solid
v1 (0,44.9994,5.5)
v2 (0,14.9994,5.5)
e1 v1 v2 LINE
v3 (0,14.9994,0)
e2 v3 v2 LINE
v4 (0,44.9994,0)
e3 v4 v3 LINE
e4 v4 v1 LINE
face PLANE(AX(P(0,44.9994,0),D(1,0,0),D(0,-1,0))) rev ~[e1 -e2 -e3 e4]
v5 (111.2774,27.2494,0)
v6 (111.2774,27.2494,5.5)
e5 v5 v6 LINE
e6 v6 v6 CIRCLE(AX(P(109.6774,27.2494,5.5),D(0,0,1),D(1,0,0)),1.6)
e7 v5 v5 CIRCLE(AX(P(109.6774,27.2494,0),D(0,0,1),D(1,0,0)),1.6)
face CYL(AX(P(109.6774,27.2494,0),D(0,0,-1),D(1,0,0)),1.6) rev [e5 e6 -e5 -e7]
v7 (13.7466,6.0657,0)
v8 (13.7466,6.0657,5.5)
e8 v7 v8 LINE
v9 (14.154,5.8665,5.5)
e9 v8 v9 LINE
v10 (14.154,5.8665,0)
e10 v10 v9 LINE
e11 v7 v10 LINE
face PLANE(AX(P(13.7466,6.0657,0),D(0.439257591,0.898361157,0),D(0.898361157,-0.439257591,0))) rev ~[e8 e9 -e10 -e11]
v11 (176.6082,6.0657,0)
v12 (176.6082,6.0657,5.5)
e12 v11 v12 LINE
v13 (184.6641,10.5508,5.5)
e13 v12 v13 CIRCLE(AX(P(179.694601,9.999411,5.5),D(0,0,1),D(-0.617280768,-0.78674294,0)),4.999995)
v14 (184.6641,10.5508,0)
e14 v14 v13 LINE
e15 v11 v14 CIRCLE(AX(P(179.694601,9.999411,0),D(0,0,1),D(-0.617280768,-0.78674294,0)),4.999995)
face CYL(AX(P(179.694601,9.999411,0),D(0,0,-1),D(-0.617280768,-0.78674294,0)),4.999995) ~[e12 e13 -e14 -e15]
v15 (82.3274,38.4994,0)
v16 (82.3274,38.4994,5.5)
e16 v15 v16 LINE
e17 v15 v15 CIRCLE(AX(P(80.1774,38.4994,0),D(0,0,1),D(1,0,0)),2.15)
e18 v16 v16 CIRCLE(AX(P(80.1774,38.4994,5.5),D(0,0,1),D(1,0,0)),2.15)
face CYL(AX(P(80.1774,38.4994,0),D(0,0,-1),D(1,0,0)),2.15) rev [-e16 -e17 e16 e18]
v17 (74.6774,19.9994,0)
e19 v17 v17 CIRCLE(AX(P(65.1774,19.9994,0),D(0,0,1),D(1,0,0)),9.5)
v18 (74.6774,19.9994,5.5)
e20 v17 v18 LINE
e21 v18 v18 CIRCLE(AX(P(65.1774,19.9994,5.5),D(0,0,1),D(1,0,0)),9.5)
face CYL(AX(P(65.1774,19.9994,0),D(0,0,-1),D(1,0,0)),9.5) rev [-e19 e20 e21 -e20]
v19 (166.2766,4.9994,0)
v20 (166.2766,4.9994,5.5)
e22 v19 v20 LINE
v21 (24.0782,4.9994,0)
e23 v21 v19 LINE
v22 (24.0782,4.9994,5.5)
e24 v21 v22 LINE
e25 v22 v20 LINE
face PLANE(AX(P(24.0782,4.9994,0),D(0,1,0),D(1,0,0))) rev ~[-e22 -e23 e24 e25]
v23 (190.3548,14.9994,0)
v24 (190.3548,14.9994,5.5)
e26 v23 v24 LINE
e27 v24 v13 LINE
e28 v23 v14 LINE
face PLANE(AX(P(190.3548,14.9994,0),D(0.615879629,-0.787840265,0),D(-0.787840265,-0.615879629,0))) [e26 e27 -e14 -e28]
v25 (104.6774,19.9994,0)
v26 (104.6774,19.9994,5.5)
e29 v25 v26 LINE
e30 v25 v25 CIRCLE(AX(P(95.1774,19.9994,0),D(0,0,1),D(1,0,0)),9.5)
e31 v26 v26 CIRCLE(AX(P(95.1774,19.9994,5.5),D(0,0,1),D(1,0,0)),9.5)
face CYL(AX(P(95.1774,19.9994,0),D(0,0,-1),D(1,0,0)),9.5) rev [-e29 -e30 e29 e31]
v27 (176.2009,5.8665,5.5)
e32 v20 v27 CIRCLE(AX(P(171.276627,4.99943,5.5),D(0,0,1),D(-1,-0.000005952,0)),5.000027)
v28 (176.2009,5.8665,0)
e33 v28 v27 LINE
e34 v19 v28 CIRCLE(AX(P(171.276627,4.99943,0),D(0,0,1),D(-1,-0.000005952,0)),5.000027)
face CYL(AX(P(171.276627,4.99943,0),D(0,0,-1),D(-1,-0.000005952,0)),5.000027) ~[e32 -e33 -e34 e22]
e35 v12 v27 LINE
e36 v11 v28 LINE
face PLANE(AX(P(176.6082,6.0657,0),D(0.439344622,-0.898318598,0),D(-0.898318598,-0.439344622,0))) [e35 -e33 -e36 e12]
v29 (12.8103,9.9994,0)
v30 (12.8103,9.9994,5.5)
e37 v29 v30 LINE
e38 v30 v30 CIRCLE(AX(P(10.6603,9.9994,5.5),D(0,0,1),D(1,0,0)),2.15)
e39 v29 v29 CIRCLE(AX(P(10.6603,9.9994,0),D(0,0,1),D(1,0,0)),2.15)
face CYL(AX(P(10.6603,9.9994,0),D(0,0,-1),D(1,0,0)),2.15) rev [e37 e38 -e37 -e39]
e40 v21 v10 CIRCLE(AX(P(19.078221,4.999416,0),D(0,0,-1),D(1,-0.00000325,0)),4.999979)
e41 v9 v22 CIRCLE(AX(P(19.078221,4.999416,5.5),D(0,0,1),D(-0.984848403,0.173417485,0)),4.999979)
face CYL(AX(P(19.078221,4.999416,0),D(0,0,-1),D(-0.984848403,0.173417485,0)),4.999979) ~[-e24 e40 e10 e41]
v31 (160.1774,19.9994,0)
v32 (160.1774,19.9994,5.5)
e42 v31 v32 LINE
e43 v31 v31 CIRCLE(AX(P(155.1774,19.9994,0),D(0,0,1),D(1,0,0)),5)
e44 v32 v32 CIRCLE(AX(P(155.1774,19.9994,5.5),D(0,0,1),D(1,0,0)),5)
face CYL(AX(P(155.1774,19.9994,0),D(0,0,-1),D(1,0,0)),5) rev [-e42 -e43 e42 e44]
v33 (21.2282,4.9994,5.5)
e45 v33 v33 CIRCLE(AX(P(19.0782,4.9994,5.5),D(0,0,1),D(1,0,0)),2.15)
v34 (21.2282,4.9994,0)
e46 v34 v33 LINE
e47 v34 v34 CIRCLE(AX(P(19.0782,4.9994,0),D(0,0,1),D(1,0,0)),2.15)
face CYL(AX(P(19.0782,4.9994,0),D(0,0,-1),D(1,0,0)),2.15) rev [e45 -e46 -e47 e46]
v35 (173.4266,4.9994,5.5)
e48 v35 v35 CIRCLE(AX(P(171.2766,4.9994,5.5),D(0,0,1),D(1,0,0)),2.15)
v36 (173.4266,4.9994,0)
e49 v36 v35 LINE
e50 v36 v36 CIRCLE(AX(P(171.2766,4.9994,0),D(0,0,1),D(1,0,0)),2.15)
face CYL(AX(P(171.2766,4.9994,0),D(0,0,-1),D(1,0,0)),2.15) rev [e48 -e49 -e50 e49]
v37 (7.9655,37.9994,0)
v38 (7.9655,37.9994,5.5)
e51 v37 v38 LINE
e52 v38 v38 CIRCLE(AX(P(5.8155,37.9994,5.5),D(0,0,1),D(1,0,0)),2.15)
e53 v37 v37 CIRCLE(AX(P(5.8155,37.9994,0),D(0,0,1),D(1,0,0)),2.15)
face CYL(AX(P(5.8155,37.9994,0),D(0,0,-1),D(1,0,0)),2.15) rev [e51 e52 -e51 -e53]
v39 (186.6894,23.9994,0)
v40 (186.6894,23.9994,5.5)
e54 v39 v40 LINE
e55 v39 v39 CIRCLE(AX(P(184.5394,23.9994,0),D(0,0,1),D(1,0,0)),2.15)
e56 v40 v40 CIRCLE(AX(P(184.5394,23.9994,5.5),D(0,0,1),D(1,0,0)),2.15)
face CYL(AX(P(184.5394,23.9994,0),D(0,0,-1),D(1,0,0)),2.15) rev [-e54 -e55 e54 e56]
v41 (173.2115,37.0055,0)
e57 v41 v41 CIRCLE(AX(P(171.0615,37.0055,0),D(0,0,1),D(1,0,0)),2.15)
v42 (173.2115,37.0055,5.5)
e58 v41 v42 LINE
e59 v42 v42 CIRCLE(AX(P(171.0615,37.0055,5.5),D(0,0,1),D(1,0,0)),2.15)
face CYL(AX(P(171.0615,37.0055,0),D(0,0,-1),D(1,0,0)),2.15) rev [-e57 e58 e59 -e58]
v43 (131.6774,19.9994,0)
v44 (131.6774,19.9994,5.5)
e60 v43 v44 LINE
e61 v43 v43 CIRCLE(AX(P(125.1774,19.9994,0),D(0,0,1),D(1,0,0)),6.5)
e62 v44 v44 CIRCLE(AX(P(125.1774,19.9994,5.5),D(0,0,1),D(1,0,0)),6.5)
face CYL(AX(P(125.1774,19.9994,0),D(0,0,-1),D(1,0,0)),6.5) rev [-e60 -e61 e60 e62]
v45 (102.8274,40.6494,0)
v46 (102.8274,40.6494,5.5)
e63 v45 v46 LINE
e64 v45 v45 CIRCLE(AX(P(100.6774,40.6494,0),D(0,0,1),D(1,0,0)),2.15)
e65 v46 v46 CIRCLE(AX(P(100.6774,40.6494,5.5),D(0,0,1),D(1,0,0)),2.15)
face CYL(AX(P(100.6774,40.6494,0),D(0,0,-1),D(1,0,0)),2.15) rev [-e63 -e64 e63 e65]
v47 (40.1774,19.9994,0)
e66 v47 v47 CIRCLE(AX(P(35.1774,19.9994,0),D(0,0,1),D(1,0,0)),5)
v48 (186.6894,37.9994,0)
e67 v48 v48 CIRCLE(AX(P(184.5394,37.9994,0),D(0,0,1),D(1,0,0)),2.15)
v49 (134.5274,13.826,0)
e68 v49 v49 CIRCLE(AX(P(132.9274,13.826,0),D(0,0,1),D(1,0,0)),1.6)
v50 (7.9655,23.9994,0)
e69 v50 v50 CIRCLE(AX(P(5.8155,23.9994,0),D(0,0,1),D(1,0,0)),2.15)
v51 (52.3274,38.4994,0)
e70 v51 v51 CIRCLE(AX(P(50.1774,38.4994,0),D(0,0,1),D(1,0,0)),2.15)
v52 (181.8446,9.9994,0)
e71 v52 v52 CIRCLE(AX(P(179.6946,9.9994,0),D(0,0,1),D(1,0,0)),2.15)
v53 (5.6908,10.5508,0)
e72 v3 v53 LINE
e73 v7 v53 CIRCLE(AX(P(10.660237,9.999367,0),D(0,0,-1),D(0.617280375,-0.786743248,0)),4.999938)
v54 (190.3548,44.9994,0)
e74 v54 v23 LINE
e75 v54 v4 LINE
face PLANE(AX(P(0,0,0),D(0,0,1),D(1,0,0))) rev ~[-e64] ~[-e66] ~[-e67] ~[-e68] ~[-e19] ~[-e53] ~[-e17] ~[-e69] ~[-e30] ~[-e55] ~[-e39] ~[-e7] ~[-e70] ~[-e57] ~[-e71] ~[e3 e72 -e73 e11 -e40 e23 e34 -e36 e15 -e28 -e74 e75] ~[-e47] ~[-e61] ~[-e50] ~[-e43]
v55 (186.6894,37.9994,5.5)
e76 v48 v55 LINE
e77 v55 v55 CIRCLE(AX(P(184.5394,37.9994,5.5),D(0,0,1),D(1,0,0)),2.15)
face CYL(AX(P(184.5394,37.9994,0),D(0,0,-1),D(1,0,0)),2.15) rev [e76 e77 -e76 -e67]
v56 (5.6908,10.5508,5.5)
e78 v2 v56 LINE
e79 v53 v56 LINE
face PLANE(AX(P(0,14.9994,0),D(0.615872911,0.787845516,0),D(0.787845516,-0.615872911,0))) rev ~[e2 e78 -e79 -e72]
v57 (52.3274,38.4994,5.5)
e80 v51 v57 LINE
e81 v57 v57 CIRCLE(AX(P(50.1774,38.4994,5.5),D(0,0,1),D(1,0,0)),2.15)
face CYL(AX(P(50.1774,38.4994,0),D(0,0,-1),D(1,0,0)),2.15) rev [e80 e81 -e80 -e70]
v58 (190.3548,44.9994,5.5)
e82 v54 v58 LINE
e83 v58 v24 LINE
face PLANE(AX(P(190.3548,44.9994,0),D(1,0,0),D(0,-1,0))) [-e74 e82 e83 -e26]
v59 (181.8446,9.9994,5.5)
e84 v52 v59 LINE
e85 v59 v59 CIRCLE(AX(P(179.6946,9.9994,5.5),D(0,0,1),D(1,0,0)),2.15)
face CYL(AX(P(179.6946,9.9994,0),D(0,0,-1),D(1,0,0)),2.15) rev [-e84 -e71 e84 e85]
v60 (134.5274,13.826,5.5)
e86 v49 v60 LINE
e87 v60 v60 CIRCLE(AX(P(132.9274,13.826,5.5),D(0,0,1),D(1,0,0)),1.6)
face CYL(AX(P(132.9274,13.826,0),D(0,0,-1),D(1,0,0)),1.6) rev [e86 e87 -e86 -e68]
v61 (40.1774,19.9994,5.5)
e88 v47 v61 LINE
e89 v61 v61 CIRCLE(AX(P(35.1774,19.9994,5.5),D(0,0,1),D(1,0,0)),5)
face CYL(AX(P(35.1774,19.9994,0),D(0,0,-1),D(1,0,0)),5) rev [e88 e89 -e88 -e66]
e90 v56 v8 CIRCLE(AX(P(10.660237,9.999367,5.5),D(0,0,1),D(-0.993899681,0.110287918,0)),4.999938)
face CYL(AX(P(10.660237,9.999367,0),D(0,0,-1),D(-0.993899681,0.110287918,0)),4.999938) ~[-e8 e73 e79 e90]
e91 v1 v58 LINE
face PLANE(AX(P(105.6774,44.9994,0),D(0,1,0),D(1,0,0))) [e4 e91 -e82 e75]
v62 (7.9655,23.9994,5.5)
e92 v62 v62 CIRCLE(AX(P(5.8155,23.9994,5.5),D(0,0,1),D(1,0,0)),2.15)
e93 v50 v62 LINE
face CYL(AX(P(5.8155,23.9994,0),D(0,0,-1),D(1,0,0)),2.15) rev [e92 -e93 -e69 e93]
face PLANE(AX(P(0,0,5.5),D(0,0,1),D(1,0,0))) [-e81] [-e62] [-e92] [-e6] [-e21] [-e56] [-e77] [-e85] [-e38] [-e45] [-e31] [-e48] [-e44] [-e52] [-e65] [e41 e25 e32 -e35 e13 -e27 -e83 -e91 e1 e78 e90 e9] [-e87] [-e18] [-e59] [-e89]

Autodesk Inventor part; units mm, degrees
ref_plane "YZ Plane" through (0, 0, 0) normal (1, 0, 0) x (0, 1, 0)
ref_plane "XZ Plane" through (0, 0, 0) normal (0, 1, 0) x (-1, 0, 0)
ref_plane "XY Plane" through (0, 0, 0) normal (0, 0, 1) x (1, 0, 0)
sketch "スケッチ1" plane through (0, 0, 0) normal (0, 0, 1) x (1, 0, 0)
  circle A0 centre (10.6603, 9.9994) radius 2.15
  circle A1 centre (179.6946, 9.9994) radius 2.15
  circle A2 centre (100.6774, 40.6494) radius 2.15
  circle A3 centre (80.1774, 38.4994) radius 2.15
  circle A4 centre (50.1774, 38.4994) radius 2.15
  circle A5 centre (19.0782, 4.9994) radius 2.15
  circle A6 centre (171.2766, 4.9994) radius 2.15
  circle A7 centre (171.0615, 37.0055) radius 2.15
  circle A8 centre (5.8155, 23.9994) radius 2.15
  circle A9 centre (5.8155, 37.9994) radius 2.15
  circle A10 centre (184.5394, 23.9994) radius 2.15
  circle A11 centre (184.5394, 37.9994) radius 2.15
  circle A12 centre (155.1774, 19.9994) radius 5
  circle A13 centre (95.1774, 19.9994) radius 9.5
  circle A14 centre (65.1774, 19.9994) radius 9.5
  circle A15 centre (35.1774, 19.9994) radius 5
  circle A16 centre (132.9274, 13.826) radius 1.6
  circle A17 centre (109.6774, 27.2494) radius 1.6
  line L0 (105.6774, 48.2494) -> (144.6774, 48.2494)
  line L1 (144.6774, 48.2494) -> (144.6774, 27.2494)
  arc A18 (105.6774, 27.2494) -> (144.6774, 27.2494) centre (125.1774, 27.2494) ccw
  line L2 (105.6774, 27.2494) -> (105.6774, 48.2494)
  circle A19 centre (125.1774, 19.9994) radius 6.5
  line L3 (0, 44.9994) -> (0, 14.9994)
  line L4 (0, 14.9994) -> (5.6908, 10.5508)
  arc A20 (5.6908, 10.5508) -> (13.7466, 6.0657) centre (10.6603, 9.9994) ccw
  line L5 (13.7466, 6.0657) -> (14.154, 5.8665)
  arc A21 (14.154, 5.8665) -> (24.0782, 4.9994) centre (19.0782, 4.9994) ccw
  line L6 (190.3548, 44.9994) -> (190.3548, 14.9994)
  line L7 (190.3548, 14.9994) -> (184.6641, 10.5508)
  arc A22 (176.6082, 6.0657) -> (184.6641, 10.5508) centre (179.6946, 9.9994) ccw
  line L8 (176.6082, 6.0657) -> (176.2009, 5.8665)
  arc A23 (166.2766, 4.9994) -> (176.2009, 5.8665) centre (171.2766, 4.9994) ccw
  line L9 (24.0782, 4.9994) -> (166.2766, 4.9994)
  line L10 (0, 44.9994) -> (190.3548, 44.9994)
  line L11 (0, 44.9994) -> (190.3548, 44.9994)
  line L12 (190.3548, 44.9994) -> (190.3548, 14.9994)
  line L13 (0, 44.9994) -> (0, 14.9994)
  line L14 (5.6908, 10.5508) -> (0, 14.9994)
  line L15 (24.0782, 4.9994) -> (166.2766, 4.9994)
  line L16 (184.6641, 10.5508) -> (190.3548, 14.9994)
  arc A24 (8.228, 5.6308) -> (13.7466, 6.0657) centre (10.6603, 9.9994) ccw
  line L17 (13.7466, 6.0657) -> (14.154, 5.8665)
  arc A25 (166.2766, 4.9994) -> (176.2009, 5.8665) centre (171.2766, 4.9994) ccw
  arc A26 (176.6082, 6.0657) -> (184.6641, 10.5508) centre (179.6946, 9.9994) ccw
  line L18 (176.6082, 6.0657) -> (176.2009, 5.8665)
  arc A27 (16.5868, 0.6644) -> (24.0782, 4.9994) centre (19.0782, 4.9994) ccw
  circle A28 centre (5.8155, 37.9994) radius 2.15
  circle A29 centre (5.8155, 23.9994) radius 2.15
  circle A30 centre (10.6603, 9.9994) radius 2.15
  circle A31 centre (19.0782, 4.9994) radius 2.15
  circle A32 centre (50.1774, 38.4994) radius 2.15
  circle A33 centre (80.1774, 38.4994) radius 2.15
  circle A34 centre (100.6774, 40.6494) radius 2.15
  circle A35 centre (171.0615, 37.0055) radius 2.15
  circle A36 centre (184.5394, 37.9994) radius 2.15
  circle A37 centre (184.5394, 23.9994) radius 2.15
  circle A38 centre (179.6946, 9.9994) radius 2.15
  circle A39 centre (171.2766, 4.9994) radius 2.15
  circle A40 centre (109.6774, 27.2494) radius 1.6
  circle A41 centre (132.9274, 13.826) radius 1.6
  circle A42 centre (125.1774, 19.9994) radius 6.5
  point P0 (0, 0)
  dimension "d0" = 10
  dimension "d1" = 19
sketch "スケッチ2" plane through (0, 0, 0) normal (0, 0, 1) x (1, 0, 0)
  point P0 (0, 0)
extrude "押し出し1" add sketch "スケッチ1" along normal blind 5.5 contours L10 L1 A18 L2 | L2 A18 L1 L10 L6 L7 A22 L8 A23 L9 A21 L5 A20 L4 L3
properties part number "1枚目" material "MDF 中密度繊維ボード"
